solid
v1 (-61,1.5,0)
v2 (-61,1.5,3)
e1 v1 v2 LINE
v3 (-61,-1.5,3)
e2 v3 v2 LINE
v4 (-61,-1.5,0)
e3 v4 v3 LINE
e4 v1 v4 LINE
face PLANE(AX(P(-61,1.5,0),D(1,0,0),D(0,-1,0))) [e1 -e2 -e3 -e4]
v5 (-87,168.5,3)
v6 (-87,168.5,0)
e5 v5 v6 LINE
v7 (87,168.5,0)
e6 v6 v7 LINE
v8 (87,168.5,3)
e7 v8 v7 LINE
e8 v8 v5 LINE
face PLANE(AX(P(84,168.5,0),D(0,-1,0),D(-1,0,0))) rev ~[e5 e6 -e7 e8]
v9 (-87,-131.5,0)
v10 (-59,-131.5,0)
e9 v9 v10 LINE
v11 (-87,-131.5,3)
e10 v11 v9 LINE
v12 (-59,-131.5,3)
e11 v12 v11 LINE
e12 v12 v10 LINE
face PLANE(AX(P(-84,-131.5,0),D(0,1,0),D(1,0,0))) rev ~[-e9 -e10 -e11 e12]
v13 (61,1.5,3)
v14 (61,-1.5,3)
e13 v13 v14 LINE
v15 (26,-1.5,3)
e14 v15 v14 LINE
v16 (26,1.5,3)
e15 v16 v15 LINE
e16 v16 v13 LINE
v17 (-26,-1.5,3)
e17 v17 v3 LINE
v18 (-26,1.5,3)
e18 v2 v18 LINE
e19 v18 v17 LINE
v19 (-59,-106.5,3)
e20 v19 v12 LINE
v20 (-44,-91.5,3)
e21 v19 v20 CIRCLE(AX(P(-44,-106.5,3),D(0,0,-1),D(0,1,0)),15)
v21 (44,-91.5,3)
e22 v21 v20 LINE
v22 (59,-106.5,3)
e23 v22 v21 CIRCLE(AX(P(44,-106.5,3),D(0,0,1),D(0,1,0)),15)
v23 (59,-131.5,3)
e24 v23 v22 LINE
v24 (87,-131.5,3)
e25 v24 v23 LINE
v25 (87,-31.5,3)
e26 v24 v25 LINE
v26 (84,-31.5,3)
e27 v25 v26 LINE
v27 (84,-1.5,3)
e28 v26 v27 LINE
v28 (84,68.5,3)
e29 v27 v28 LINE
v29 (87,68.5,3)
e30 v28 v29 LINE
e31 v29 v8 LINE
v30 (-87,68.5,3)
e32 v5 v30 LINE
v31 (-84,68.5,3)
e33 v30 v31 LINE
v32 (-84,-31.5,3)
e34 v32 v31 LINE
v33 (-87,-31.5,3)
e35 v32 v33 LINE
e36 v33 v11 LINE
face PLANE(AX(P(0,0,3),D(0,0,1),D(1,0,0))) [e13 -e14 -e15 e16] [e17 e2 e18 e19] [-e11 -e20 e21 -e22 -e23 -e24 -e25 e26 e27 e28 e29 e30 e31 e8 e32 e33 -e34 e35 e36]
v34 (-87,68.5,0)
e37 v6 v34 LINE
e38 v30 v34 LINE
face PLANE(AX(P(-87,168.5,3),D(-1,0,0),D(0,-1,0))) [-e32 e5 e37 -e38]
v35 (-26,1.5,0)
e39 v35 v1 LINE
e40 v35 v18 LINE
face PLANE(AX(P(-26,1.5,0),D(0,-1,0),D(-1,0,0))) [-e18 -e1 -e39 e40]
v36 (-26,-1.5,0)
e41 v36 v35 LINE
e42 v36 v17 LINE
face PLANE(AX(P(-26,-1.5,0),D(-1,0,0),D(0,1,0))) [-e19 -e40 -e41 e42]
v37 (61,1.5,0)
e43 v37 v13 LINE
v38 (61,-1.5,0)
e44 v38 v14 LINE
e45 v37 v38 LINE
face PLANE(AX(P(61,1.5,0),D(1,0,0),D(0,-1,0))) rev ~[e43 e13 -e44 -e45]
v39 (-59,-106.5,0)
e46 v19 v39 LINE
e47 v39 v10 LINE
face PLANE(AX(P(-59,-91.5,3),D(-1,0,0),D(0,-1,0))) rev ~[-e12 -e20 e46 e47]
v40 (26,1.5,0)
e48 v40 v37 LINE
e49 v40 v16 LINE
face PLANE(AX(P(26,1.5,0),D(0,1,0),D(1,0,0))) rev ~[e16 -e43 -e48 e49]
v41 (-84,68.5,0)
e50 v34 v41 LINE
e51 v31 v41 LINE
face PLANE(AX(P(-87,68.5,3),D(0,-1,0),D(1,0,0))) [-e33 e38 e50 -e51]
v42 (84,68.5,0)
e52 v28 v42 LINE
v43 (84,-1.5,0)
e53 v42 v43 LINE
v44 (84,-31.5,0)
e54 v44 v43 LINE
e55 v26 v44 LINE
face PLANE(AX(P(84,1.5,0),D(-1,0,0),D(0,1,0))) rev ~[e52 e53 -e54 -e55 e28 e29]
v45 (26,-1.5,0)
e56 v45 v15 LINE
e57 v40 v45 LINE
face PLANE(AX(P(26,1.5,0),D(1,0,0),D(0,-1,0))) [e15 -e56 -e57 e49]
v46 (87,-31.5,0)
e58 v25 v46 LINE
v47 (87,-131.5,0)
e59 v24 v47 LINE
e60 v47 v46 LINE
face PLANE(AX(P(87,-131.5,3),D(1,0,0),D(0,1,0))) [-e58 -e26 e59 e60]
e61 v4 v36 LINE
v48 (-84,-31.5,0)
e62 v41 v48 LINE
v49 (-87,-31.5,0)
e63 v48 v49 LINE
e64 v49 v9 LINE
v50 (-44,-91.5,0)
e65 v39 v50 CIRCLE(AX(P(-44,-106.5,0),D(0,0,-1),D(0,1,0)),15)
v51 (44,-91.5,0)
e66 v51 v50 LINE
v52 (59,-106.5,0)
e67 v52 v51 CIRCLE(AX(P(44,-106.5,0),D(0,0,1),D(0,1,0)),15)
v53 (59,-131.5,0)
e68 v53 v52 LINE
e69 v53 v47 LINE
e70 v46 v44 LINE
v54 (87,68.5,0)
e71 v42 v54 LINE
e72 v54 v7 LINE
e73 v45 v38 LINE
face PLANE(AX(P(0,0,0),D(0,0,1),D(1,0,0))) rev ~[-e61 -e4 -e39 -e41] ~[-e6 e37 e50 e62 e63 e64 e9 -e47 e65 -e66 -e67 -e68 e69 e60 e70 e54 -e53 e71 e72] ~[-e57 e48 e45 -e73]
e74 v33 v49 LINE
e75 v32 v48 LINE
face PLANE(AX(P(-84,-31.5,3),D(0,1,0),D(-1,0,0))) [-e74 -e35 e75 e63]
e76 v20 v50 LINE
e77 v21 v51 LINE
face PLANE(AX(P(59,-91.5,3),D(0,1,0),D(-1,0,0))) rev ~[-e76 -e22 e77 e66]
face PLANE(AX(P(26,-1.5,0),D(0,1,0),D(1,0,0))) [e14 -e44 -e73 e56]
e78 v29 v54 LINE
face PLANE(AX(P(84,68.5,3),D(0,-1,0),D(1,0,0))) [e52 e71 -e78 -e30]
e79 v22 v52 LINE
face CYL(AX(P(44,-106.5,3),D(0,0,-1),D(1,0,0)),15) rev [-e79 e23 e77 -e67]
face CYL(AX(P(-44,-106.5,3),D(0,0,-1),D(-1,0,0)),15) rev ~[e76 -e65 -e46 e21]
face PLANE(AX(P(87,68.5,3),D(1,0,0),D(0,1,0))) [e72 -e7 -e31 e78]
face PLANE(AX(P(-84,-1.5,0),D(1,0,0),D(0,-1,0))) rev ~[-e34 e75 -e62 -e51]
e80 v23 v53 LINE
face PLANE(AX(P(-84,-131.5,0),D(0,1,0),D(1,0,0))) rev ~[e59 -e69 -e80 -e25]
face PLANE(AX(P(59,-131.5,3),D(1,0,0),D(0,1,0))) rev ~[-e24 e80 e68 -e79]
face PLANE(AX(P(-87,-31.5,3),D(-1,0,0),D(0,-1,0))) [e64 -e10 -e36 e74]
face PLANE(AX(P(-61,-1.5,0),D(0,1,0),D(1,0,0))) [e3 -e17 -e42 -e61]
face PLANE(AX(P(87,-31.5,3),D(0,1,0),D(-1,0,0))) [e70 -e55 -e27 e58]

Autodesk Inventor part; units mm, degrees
ref_plane "YZ Plane" through (0, 0, 0) normal (1, 0, 0) x (0, 1, 0)
ref_plane "XZ Plane" through (0, 0, 0) normal (0, 1, 0) x (-1, 0, 0)
ref_plane "XY Plane" through (0, 0, 0) normal (0, 0, 1) x (1, 0, 0)
sketch "Sketch1" plane through (0, 0, 0) normal (0, 0, 1) x (1, 0, 0)
  line L0 (-84, -131.5) -> (84, -131.5)
  line L1 (84, -131.5) -> (84, 168.5)
  line L2 (84, 168.5) -> (-84, 168.5)
  line L3 (-84, 168.5) -> (-84, -131.5)
  line L4 (-84, 1.5) -> (-84, -1.5) projected
  line L5 (84, -1.5) -> (84, 1.5) projected
  line L6 (61, -1.5) -> (84, -1.5) projected
  line L7 (26, -1.5) -> (61, -1.5) projected
  line L8 (61, 1.5) -> (61, -1.5) projected
  line L9 (26, 1.5) -> (61, 1.5) projected
  line L10 (26, 1.5) -> (26, -1.5) projected
  point P0 (0, 0)
  dimension "d0" = 300
  dimension "d1" = 170
extrude "Extrusion1" add sketch "Sketch1" along normal blind 3
sketch "Sketch2" plane through (0, 0, 0) normal (0, 0, -1) x (-1, 0, 0)
  line L0 (84, 1.5) -> (84, -1.5)
  line L1 (84, -1.5) -> (61, -1.5)
  line L2 (61, 1.5) -> (61, -1.5)
  line L3 (26, 1.5) -> (61, 1.5)
  line L4 (26, -1.5) -> (26, 1.5)
  line L5 (26, -1.5) -> (-26, -1.5)
  line L6 (-26, 1.5) -> (-26, -1.5)
  line L7 (-61, 1.5) -> (-26, 1.5)
  line L8 (-61, -1.5) -> (-61, 1.5)
  line L9 (-61, -1.5) -> (-84, -1.5)
  line L10 (-84, -1.5) -> (-84, 1.5)
  line L11 (-84, 1.5) -> (-61, 1.5)
  line L12 (61, 1.5) -> (84, 1.5)
  line L13 (61, -1.5) -> (26, -1.5)
  line L14 (-26, 1.5) -> (26, 1.5)
  line L15 (-26, -1.5) -> (-61, -1.5)
  point P0 (0, 0)
extrude "Extrusion2" cut sketch "Sketch2" against normal blind 10 contours L2 L13 L4 L3
sketch "Sketch3" plane through (0, 0, 3) normal (0, 0, 1) x (1, 0, 0)
  line L0 (84, -131.5) -> (84, 168.5) projected
  line L1 (84, -131.5) -> (87, -131.5)
  line L2 (87, -131.5) -> (87, -31.5)
  line L3 (87, -31.5) -> (84, -31.5)
  line L4 (84, -31.5) -> (84, -131.5)
  line L5 (-61, -1.5) -> (-26, -1.5) projected
  line L6 (-26, -1.5) -> (-26, 1.5) projected
  line L7 (-26, 1.5) -> (-61, 1.5) projected
  line L8 (-61, 1.5) -> (-61, -1.5) projected
  line L9 (26, 1.5) -> (26, -1.5) projected
  line L10 (26, -1.5) -> (61, -1.5) projected
  line L11 (61, -1.5) -> (61, 1.5) projected
  line L12 (61, 1.5) -> (26, 1.5) projected
  line L13 (-84, 168.5) -> (84, 168.5) projected
  line L14 (84, 168.5) -> (84, -131.5) projected
  line L15 (84, -131.5) -> (-84, -131.5) projected
  line L16 (-84, -131.5) -> (-84, 168.5) projected
  line L17 (87, 168.5) -> (84, 168.5)
  line L18 (84, 68.5) -> (87, 68.5)
  line L19 (87, 68.5) -> (87, 168.5)
  line L20 (84, 168.5) -> (84, 68.5)
  line L21 (-84, -31.5) -> (-87, -31.5)
  line L22 (-87, -131.5) -> (-84, -131.5)
  line L23 (-84, -131.5) -> (-84, -31.5)
  line L24 (-87, -31.5) -> (-87, -131.5)
  line L25 (-84, 168.5) -> (-87, 168.5)
  line L26 (-87, 68.5) -> (-84, 68.5)
  line L27 (-84, 68.5) -> (-84, 168.5)
  line L28 (-87, 168.5) -> (-87, 68.5)
  point P0 (0, 0)
  dimension "d6" = 100
  dimension "d7" = 3
  dimension "d10" = 200
  dimension "d13" = 171
extrude "Extrusion3" add sketch "Sketch3" against normal up to surface (3 mm away) contours L0 L3 L2 L1 | L22 L24 L21 L16 | L0 L17 L19 L18 | L26 L28 L25 L16
sketch "Sketch4" plane through (0, 0, 3) normal (0, 0, 1) x (1, 0, 0)
  line L0 (-59, -131.5) -> (59, -131.5)
  line L1 (59, -131.5) -> (59, -91.5)
  line L2 (59, -91.5) -> (-59, -91.5)
  line L3 (-59, -91.5) -> (-59, -131.5)
  line L4 (-87, -131.5) -> (87, -131.5) projected
  line L5 (87, -131.5) -> (87, -31.5) projected
  line L6 (-87, -31.5) -> (-87, -131.5) projected
  point P0 (0, 0)
  dimension "d18" = 28
  dimension "d19" = 28
  dimension "d20" = 40
extrude "Extrusion4" cut sketch "Sketch4" against normal blind 10
fillet "Fillet1" radius 15 2 edges at (59, -91.5, 1.5) (-59, -91.5, 1.5)
properties part number "Pared_Lateral"
